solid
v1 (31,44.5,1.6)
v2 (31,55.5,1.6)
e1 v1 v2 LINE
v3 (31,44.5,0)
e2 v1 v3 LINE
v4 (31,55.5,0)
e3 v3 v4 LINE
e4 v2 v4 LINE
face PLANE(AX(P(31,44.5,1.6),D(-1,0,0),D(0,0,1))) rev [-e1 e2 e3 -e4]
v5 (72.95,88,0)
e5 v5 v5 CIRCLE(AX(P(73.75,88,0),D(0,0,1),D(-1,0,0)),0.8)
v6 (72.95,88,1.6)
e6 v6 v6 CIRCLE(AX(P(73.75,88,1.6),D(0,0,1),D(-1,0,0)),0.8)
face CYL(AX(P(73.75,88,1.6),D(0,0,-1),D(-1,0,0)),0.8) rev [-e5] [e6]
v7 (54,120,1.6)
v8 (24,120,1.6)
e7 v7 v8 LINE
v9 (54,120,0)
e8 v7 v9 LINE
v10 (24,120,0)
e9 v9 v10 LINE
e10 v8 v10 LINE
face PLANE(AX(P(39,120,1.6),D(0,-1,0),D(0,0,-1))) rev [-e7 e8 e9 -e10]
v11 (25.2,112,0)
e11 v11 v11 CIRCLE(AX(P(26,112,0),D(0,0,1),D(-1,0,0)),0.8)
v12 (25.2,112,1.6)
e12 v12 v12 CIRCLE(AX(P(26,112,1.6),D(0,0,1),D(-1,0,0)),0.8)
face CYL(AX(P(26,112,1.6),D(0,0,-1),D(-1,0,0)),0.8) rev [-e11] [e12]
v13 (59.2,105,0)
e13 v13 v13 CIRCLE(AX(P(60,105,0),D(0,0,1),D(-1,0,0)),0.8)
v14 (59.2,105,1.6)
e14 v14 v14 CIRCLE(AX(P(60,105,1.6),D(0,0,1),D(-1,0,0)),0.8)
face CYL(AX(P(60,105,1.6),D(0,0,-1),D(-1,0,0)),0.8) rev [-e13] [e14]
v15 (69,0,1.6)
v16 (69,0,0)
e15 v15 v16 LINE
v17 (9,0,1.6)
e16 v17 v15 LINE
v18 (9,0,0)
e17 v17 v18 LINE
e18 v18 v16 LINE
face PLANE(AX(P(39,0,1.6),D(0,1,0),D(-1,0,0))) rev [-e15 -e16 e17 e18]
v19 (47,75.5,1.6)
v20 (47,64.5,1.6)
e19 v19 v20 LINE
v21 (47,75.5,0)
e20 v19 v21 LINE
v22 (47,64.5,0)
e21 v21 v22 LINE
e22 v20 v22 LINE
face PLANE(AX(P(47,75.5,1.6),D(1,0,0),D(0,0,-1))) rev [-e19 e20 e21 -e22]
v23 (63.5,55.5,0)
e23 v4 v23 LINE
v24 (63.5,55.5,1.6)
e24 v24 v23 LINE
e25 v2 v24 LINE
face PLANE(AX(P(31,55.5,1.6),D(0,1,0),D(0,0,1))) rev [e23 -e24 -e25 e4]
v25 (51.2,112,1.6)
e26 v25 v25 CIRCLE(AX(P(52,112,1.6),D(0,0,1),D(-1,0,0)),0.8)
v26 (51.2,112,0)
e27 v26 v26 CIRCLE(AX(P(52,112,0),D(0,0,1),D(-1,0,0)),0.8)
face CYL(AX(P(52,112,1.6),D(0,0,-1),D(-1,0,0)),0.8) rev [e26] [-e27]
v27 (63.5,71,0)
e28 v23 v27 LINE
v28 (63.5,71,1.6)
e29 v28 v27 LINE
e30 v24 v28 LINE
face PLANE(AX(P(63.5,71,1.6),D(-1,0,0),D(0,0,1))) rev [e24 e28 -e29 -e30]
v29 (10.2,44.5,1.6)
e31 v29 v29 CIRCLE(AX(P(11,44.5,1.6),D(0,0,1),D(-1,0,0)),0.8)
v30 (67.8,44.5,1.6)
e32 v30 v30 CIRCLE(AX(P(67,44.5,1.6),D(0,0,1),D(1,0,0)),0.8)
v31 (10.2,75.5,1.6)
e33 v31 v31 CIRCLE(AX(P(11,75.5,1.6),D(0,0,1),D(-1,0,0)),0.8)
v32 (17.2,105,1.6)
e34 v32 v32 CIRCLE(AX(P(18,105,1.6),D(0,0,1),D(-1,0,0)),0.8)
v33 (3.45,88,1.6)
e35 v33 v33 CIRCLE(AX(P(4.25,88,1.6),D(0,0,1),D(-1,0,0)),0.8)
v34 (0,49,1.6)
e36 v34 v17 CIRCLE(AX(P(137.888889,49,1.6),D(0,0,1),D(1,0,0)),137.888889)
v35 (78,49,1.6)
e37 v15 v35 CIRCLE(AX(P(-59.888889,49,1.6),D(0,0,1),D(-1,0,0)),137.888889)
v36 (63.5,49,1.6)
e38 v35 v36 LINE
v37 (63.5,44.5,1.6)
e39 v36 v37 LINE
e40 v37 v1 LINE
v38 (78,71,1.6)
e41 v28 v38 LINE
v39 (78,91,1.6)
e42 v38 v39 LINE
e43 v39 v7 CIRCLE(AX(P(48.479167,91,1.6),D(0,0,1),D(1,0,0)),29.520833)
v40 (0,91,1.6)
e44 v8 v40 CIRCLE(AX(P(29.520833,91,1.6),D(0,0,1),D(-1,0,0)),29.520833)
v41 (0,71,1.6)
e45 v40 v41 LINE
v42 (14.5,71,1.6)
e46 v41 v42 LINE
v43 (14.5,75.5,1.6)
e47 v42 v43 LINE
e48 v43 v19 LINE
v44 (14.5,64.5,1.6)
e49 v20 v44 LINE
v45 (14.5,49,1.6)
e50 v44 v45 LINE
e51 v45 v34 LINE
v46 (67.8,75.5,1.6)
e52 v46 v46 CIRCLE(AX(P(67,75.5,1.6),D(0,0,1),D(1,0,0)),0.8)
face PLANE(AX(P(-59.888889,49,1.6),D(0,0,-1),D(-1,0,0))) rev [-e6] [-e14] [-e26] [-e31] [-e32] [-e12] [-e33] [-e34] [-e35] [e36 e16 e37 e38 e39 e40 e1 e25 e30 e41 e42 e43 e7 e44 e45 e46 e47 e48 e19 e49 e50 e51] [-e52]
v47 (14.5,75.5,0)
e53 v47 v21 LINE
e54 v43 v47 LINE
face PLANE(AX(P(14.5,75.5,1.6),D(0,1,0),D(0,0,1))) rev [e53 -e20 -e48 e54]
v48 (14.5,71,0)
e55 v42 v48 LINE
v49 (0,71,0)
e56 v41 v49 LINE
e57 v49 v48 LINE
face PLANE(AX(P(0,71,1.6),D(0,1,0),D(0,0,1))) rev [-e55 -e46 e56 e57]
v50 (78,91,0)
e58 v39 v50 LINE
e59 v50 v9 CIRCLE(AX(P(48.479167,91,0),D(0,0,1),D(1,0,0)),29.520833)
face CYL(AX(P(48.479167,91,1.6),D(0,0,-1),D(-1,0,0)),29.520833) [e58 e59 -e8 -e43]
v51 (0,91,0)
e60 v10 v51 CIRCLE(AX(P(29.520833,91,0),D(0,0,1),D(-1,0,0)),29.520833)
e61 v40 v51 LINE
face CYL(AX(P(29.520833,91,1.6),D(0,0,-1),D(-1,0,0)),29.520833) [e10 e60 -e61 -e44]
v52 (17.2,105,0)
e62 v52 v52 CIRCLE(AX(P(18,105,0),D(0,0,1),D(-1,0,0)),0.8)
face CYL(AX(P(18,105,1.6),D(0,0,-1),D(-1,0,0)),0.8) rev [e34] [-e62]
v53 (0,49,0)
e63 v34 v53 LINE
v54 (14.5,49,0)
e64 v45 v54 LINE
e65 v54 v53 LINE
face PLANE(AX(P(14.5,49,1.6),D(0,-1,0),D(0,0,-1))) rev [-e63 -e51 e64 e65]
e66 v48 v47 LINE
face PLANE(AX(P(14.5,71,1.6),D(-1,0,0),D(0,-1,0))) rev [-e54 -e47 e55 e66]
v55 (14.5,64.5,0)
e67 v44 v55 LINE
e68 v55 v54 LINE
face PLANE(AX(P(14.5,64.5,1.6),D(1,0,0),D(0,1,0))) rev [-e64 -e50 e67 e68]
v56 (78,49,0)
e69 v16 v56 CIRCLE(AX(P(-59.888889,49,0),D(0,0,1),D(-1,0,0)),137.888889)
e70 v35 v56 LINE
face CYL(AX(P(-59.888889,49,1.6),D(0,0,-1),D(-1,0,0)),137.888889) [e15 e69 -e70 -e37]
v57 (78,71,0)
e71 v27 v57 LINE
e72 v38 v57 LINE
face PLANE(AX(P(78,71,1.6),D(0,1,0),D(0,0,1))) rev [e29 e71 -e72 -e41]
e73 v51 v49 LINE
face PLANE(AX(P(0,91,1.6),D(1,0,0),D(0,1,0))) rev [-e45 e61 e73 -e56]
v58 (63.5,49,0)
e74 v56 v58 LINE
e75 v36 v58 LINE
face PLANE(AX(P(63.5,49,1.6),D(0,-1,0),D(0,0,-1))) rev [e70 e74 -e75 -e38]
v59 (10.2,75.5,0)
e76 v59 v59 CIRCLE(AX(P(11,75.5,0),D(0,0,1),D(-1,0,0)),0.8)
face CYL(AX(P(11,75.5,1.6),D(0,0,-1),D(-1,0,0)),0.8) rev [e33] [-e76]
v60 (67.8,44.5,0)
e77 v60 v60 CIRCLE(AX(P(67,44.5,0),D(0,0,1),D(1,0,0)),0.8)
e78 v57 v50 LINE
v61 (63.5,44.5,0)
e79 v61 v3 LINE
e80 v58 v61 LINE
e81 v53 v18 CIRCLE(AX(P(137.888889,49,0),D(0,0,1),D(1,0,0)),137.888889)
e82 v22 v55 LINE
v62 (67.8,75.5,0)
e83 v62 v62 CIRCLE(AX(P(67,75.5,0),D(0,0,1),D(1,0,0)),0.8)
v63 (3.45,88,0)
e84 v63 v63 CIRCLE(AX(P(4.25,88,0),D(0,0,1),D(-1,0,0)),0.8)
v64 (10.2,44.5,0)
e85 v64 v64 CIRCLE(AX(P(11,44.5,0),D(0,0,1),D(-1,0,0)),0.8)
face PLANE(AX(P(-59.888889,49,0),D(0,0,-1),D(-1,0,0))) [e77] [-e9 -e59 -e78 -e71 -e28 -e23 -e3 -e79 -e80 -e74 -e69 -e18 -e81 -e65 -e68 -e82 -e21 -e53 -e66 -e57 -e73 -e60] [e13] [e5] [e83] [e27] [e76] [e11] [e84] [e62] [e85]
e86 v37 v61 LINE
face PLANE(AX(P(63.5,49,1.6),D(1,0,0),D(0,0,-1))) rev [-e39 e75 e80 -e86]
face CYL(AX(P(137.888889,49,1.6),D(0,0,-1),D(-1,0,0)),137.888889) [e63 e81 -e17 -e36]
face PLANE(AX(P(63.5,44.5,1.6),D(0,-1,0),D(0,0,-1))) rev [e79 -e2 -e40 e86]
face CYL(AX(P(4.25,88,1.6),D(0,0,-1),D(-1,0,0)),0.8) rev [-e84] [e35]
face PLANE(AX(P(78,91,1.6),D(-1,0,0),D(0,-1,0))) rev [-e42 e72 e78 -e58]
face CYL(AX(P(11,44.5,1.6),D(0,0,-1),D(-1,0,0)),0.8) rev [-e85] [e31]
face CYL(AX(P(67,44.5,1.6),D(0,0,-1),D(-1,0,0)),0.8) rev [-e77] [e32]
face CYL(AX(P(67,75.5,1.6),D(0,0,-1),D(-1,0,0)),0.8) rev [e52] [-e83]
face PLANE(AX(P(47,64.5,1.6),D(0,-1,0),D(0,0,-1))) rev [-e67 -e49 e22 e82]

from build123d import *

# Parameters (mm, degrees)
SKETCH_1_R      = 0.8
EXTRUDE_1_DEPTH = 1.6


with BuildPart() as part:
    # 스케치1 → 돌출1 (new body)
    with BuildSketch(Plane.XY):
        with BuildLine():
            Line((39, 0), (9, 0))
            ThreePointArc((9, 0), (2.268662967, 24.090162586), (0, 49))
            Line((0, 49), (14.5, 49))
            Line((14.5, 49), (14.5, 64.5))
            Line((14.5, 64.5), (47, 64.5))
            Line((47, 64.5), (47, 75.5))
            Line((47, 75.5), (14.5, 75.5))
            Line((14.5, 75.5), (14.5, 71))
            Line((14.5, 71), (0, 71))
            Line((0, 71), (0, 91))
            ThreePointArc((0, 91), (6.778150978, 109.821530225), (24, 120))
            Line((24, 120), (39, 120))
            Line((39, 120), (54, 120))
            ThreePointArc((54, 120), (71.221849022, 109.821530225), (78, 91))
            Line((78, 91), (78, 71))
            Line((78, 71), (63.5, 71))
            Line((63.5, 71), (63.5, 55.5))
            Line((63.5, 55.5), (31, 55.5))
            Line((31, 55.5), (31, 44.5))
            Line((31, 44.5), (63.5, 44.5))
            Line((63.5, 44.5), (63.5, 49))
            Line((63.5, 49), (78, 49))
            ThreePointArc((78, 49), (75.731337033, 24.090162586), (69, 0))
            Line((69, 0), (39, 0))
        make_face()
        with Locations((67, 75.5)):
            Circle(SKETCH_1_R, mode=Mode.SUBTRACT)
        with Locations((67, 44.5)):
            Circle(SKETCH_1_R, mode=Mode.SUBTRACT)
        with Locations(Location((11, 44.5, 0), (0, 0, 180))):
            Circle(SKETCH_1_R, mode=Mode.SUBTRACT)
        with Locations(Location((11, 75.5, 0), (0, 0, 180))):
            Circle(SKETCH_1_R, mode=Mode.SUBTRACT)
        with Locations(Location((4.25, 88, 0), (0, 0, 180))):
            Circle(SKETCH_1_R, mode=Mode.SUBTRACT)
        with Locations(Location((73.75, 88, 0), (0, 0, 180))):
            Circle(SKETCH_1_R, mode=Mode.SUBTRACT)
        with Locations(Location((18, 105, 0), (0, 0, 180))):
            Circle(SKETCH_1_R, mode=Mode.SUBTRACT)
        with Locations(Location((60, 105, 0), (0, 0, 180))):
            Circle(SKETCH_1_R, mode=Mode.SUBTRACT)
        with Locations(Location((26, 112, 0), (0, 0, 180))):
            Circle(SKETCH_1_R, mode=Mode.SUBTRACT)
        with Locations(Location((52, 112, 0), (0, 0, 180))):
            Circle(SKETCH_1_R, mode=Mode.SUBTRACT)
    extrude(amount=EXTRUDE_1_DEPTH)


solid = part.part
